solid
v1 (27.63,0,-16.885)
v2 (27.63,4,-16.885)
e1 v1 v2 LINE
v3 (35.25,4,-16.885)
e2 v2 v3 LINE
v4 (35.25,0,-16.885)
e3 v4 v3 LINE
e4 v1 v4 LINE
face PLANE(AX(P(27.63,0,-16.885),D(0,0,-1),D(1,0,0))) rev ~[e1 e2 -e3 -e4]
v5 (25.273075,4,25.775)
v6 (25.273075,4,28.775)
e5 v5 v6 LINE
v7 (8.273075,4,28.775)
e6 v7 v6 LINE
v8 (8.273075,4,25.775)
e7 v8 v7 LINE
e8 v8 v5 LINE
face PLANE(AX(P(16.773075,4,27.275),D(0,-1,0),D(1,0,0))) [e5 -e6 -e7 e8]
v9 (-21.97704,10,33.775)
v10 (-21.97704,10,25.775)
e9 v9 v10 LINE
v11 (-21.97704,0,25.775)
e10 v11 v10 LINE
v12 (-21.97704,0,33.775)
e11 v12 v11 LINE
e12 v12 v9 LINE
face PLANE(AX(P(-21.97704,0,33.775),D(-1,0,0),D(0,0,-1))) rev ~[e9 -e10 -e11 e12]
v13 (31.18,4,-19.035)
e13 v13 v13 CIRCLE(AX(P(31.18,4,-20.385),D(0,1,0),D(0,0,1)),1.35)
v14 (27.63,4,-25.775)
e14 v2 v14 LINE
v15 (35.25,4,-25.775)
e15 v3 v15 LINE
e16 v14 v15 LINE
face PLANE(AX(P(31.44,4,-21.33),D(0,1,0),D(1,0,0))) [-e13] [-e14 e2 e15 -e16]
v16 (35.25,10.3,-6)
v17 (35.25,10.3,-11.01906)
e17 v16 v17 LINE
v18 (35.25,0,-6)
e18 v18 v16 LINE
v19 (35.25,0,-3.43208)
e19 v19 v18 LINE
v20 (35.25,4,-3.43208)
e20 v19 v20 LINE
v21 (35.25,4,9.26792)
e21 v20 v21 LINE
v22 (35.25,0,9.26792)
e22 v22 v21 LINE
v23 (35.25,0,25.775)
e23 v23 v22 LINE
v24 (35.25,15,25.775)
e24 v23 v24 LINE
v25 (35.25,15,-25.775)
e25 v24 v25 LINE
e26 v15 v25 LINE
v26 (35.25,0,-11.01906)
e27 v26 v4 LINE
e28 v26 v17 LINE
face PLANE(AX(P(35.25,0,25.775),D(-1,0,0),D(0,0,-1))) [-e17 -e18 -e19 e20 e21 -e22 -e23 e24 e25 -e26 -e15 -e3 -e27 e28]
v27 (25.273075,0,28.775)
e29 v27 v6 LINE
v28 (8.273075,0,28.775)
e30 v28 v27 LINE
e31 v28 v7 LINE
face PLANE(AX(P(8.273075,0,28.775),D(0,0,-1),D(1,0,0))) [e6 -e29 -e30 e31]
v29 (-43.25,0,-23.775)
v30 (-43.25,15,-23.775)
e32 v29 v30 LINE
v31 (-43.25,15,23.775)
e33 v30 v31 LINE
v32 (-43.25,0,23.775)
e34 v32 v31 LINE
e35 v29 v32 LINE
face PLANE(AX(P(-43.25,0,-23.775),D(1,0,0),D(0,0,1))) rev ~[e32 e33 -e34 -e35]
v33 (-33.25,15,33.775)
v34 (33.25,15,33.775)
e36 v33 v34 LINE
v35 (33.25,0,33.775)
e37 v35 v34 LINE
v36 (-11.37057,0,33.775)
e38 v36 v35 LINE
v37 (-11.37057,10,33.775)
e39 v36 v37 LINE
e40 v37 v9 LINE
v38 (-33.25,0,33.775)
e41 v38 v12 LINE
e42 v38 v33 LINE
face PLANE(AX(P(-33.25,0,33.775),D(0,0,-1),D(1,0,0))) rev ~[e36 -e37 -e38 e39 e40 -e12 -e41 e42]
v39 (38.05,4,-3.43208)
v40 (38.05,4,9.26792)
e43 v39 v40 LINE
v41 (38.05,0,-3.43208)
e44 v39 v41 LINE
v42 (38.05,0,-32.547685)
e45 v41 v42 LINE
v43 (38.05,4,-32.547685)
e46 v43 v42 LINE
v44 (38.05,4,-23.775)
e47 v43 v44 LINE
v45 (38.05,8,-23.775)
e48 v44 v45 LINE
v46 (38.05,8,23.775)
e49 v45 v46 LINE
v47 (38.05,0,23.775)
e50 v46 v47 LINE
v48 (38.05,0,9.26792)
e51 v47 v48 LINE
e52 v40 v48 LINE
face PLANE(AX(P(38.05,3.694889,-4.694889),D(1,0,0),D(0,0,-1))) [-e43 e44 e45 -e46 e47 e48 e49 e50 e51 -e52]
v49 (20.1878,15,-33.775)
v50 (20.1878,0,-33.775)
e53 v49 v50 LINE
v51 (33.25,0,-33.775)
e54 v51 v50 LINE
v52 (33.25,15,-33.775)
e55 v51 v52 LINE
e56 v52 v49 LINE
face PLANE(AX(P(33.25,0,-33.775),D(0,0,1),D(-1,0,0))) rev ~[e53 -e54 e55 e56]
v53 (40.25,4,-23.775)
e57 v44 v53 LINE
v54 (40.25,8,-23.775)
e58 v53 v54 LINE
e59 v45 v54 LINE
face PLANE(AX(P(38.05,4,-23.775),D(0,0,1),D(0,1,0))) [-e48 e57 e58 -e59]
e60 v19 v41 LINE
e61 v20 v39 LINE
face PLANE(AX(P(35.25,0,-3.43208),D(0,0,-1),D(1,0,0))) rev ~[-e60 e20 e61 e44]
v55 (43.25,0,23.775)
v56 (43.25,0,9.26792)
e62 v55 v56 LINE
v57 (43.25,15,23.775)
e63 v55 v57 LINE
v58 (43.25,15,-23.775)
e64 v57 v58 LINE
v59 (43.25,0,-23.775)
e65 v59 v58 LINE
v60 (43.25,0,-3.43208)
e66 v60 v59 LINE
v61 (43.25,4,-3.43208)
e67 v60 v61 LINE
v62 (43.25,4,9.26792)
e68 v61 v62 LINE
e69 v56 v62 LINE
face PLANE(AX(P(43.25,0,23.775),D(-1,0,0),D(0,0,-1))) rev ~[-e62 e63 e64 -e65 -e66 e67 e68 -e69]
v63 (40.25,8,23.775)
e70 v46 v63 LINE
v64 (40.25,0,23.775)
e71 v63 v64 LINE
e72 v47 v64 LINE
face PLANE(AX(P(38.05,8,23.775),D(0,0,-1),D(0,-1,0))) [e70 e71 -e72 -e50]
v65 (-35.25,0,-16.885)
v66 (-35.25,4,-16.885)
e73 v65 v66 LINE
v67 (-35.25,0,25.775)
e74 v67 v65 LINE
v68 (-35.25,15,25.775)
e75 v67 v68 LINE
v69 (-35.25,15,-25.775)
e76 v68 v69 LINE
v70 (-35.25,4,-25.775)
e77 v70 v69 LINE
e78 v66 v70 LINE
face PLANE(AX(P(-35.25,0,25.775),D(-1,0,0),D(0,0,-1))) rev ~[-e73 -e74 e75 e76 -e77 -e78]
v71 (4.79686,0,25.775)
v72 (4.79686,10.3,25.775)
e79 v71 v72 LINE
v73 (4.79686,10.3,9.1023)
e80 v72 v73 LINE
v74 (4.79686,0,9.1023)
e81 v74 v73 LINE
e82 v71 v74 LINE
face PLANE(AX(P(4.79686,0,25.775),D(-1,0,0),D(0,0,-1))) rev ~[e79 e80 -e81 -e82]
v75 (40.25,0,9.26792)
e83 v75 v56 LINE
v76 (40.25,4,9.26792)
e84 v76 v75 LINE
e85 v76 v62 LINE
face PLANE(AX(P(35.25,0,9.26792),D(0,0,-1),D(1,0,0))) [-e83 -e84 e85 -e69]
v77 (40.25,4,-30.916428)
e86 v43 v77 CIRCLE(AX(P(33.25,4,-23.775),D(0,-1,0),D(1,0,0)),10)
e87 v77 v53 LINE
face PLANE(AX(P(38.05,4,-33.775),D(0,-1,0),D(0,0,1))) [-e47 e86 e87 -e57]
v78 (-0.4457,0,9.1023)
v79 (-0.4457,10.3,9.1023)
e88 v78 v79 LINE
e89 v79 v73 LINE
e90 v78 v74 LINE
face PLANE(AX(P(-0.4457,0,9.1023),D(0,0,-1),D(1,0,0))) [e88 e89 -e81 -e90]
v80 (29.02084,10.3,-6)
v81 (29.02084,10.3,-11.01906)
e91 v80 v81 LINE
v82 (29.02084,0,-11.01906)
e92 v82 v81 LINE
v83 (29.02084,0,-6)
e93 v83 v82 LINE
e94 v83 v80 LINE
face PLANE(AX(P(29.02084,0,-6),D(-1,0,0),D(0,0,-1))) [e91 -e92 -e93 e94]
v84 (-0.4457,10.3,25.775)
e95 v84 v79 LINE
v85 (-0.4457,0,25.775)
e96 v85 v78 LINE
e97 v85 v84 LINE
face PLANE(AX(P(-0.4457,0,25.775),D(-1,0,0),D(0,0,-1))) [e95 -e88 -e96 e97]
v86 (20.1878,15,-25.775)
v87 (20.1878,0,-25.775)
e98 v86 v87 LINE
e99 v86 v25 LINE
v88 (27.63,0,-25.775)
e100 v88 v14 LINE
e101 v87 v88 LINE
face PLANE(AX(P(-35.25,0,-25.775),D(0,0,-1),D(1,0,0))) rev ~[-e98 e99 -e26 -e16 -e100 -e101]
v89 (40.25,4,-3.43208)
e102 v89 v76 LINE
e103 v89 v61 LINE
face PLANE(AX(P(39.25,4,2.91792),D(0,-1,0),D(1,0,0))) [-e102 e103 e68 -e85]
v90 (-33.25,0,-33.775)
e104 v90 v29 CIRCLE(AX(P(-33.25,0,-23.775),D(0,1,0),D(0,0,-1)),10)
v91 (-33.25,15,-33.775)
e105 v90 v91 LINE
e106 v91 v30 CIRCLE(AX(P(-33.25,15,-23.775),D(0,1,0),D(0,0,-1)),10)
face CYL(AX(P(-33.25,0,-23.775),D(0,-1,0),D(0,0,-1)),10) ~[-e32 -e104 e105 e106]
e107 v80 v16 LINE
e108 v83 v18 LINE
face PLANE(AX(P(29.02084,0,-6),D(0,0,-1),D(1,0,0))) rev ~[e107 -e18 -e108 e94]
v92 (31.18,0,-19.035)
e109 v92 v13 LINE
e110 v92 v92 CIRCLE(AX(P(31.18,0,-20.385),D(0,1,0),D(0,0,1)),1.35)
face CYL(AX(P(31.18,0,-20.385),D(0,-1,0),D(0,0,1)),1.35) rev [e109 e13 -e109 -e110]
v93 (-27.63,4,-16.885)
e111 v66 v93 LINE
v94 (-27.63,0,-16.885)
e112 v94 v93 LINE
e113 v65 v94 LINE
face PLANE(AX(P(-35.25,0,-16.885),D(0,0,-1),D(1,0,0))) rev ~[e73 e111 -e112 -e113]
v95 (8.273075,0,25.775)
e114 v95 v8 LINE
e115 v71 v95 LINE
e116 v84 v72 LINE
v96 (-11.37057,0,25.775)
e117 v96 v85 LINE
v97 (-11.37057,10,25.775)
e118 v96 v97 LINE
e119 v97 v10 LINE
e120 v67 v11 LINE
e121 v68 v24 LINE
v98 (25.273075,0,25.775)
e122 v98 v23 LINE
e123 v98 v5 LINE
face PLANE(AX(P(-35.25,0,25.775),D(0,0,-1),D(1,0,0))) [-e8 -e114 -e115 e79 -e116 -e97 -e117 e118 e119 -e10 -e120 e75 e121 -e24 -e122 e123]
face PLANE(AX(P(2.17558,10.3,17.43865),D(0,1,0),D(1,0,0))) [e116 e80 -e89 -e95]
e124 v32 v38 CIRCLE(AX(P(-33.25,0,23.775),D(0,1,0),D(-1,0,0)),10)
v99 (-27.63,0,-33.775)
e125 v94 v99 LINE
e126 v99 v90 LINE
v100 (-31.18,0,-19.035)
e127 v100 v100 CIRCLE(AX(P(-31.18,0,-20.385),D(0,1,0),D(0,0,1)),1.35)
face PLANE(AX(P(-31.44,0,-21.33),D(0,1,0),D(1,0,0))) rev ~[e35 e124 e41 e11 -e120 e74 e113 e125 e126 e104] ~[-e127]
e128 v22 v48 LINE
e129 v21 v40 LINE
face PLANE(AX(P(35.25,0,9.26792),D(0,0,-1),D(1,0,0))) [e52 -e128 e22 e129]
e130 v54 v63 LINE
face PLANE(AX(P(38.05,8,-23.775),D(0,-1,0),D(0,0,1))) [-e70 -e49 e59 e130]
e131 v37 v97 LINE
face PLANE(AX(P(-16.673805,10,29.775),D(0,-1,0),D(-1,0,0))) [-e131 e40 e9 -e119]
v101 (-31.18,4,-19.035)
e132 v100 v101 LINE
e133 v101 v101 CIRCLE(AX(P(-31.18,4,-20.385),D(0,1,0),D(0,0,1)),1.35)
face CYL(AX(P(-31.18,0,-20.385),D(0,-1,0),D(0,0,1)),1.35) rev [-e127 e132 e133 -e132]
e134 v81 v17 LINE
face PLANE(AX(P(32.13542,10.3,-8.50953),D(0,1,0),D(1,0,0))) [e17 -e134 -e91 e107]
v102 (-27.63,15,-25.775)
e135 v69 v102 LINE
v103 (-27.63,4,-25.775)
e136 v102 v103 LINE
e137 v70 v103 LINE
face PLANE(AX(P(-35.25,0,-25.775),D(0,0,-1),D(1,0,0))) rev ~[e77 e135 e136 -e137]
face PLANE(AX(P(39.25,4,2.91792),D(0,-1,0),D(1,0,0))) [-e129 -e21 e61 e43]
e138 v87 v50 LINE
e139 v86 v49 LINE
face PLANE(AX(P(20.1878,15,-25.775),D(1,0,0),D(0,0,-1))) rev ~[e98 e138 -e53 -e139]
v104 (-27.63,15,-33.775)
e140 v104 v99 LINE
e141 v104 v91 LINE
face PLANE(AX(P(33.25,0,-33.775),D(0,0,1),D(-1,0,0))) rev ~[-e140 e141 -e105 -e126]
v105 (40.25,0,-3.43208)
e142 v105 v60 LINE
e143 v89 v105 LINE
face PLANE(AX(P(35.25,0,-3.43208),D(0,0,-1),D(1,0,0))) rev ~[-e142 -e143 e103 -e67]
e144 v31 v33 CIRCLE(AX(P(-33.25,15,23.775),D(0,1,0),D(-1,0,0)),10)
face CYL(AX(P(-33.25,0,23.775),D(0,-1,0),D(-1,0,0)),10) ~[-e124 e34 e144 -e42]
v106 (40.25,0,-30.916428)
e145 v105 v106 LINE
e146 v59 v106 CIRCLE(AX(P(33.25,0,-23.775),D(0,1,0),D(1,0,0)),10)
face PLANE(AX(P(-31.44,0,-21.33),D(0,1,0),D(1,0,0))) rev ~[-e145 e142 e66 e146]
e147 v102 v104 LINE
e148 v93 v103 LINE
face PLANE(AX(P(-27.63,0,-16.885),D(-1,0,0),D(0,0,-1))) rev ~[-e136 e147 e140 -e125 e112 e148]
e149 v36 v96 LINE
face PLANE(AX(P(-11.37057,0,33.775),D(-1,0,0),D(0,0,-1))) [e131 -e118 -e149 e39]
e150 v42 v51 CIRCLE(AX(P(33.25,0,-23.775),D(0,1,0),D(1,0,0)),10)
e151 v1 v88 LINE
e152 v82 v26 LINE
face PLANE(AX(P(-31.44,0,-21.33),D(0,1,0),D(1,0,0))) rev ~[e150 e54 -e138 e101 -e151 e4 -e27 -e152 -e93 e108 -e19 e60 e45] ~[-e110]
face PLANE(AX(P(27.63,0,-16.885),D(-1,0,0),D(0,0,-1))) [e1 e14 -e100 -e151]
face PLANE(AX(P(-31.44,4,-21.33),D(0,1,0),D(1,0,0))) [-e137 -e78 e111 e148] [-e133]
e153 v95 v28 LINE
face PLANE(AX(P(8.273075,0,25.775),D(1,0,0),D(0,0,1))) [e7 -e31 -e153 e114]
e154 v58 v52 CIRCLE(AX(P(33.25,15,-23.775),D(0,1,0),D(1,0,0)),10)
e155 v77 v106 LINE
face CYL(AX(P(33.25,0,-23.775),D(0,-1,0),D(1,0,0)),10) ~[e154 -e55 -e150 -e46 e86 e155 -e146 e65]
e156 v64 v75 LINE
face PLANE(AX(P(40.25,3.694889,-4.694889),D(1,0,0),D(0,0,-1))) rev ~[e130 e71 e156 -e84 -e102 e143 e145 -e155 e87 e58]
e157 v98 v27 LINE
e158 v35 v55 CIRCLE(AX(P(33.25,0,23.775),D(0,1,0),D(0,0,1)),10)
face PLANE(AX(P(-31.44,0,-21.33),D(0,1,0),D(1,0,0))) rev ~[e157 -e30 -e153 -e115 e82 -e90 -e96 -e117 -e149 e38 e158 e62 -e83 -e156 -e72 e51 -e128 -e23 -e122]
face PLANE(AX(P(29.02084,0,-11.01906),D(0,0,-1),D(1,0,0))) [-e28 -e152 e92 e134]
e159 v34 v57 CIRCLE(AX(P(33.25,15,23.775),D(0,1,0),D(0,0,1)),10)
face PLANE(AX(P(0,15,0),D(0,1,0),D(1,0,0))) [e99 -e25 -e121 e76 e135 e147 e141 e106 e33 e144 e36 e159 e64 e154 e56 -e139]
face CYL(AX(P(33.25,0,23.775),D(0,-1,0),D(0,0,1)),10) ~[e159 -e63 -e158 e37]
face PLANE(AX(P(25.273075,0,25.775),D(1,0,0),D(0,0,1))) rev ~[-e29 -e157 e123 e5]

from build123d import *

# Parameters (mm, degrees)
SKETCH_2_W          = 70.5
SKETCH_2_H          = 51.55
EXTRUDE_1_DEPTH     = 15
SKETCH_3_W          = 7.62
SKETCH_3_H          = 8.89
SKETCH_3_R          = 1.35
EXTRUDE_2_DEPTH     = 4
SKETCH_4_W          = 47.8178
SKETCH_4_H          = 8
CUT_EXTRUDE_1_DEPTH = 15
SKETCH_5_W          = 5.24256
SKETCH_5_H          = 16.6727
SKETCH_5_W_2        = 6.22916
SKETCH_5_H_2        = 5.01906
EXTRUDE_3_DEPTH     = 10.3
SKETCH_7_W          = 8
SKETCH_7_H          = 12.7
CUT_EXTRUDE_4_DEPTH = 4
CUT_EXTRUDE_5_DEPTH = 2.2
SKETCH_11_W         = 10.60647
SKETCH_11_H         = 8
CUT_EXTRUDE_6_DEPTH = 10
SKETCH_12_W         = 17
SKETCH_12_H         = 3
CUT_EXTRUDE_7_DEPTH = 4


with BuildPart() as part:
    # 草图2 → 凸台-拉伸1 (new body)
    with BuildSketch(Plane(origin=(0, 0, 0), x_dir=(1, 0, 0), z_dir=(0, 1, 0))):
        with BuildLine():
            Line((-33.25, -33.775), (33.25, -33.775))
            ThreePointArc((33.25, -33.775), (40.321067812, -30.846067812), (43.25, -23.775))
            Line((43.25, -23.775), (43.25, 23.775))
            ThreePointArc((43.25, 23.775), (40.321067812, 30.846067812), (33.25, 33.775))
            Line((33.25, 33.775), (-33.25, 33.775))
            ThreePointArc((-33.25, 33.775), (-40.321067812, 30.846067812), (-43.25, 23.775))
            Line((-43.25, 23.775), (-43.25, -23.775))
            ThreePointArc((-43.25, -23.775), (-40.321067812, -30.846067812), (-33.25, -33.775))
        make_face()
        Rectangle(SKETCH_2_W, SKETCH_2_H, mode=Mode.SUBTRACT)
    extrude(amount=EXTRUDE_1_DEPTH)

    # 草图3 → 凸台-拉伸2 (add)
    # profile 1 of 2: a face of its own
    with BuildSketch(Plane(origin=(0, 0, 0), x_dir=(1, 0, 0), z_dir=(0, 1, 0))):
        with Locations((-31.44, 21.33)):
            Rectangle(SKETCH_3_W, SKETCH_3_H)
        with Locations(Location((-31.18, 20.385, 0), (0, 0, 270))):
            Circle(SKETCH_3_R, mode=Mode.SUBTRACT)
    # profile 2 of 2: a face of its own
    with BuildSketch(Plane(origin=(0, 0, 0), x_dir=(1, 0, 0), z_dir=(0, 1, 0))):
        with Locations((31.44, 21.33)):
            Rectangle(SKETCH_3_W, SKETCH_3_H)
        with Locations(Location((31.18, 20.385, 0), (0, 0, 270))):
            Circle(SKETCH_3_R, mode=Mode.SUBTRACT)
    extrude(amount=EXTRUDE_2_DEPTH)

    # 草图4 → 切除-拉伸1 (cut)
    with BuildSketch(Plane(origin=(0, 15, 0), x_dir=(1, 0, 0), z_dir=(0, 1, 0))):
        with Locations((-3.7211, 29.775)):
            Rectangle(SKETCH_4_W, SKETCH_4_H)
    extrude(amount=-CUT_EXTRUDE_1_DEPTH, mode=Mode.SUBTRACT)

    # 草图5 → 凸台-拉伸3 (add)
    with BuildSketch(Plane(origin=(0, 0, 0), x_dir=(1, 0, 0), z_dir=(0, 1, 0))):
        with Locations((2.17558, -17.43865)):
            Rectangle(SKETCH_5_W, SKETCH_5_H)
        with Locations((32.13542, 8.50953)):
            Rectangle(SKETCH_5_W_2, SKETCH_5_H_2)
    extrude(amount=EXTRUDE_3_DEPTH)

    # 草图7 → 切除-拉伸4 (cut)
    with BuildSketch(Plane.XZ):
        with Locations((39.25, 2.91792)):
            Rectangle(SKETCH_7_W, SKETCH_7_H)
    extrude(amount=-CUT_EXTRUDE_4_DEPTH, mode=Mode.SUBTRACT)

    # 草图9 → 切除-拉伸5 (cut)
    with BuildSketch(Plane.ZY.offset(-38.05)):
        Polygon((-23.775, 8), (23.775, 8), (23.775, 0), (-33.775, 0), (-33.775, 4), (-23.775, 4), align=None)
    extrude(amount=-CUT_EXTRUDE_5_DEPTH, mode=Mode.SUBTRACT)

    # 草图11 → 切除-拉伸6 (cut)
    with BuildSketch(Plane(origin=(0, 0, 0), x_dir=(-1, 0, 0), z_dir=(0, -1, 0))):
        with Locations((16.673805, -29.775)):
            Rectangle(SKETCH_11_W, SKETCH_11_H)
    extrude(amount=-CUT_EXTRUDE_6_DEPTH, mode=Mode.SUBTRACT)

    # 草图12 → 切除-拉伸7 (cut)
    with BuildSketch(Plane.XZ):
        with Locations((16.773075079, 27.275)):
            Rectangle(SKETCH_12_W, SKETCH_12_H)
    extrude(amount=-CUT_EXTRUDE_7_DEPTH, mode=Mode.SUBTRACT)


solid = part.part
